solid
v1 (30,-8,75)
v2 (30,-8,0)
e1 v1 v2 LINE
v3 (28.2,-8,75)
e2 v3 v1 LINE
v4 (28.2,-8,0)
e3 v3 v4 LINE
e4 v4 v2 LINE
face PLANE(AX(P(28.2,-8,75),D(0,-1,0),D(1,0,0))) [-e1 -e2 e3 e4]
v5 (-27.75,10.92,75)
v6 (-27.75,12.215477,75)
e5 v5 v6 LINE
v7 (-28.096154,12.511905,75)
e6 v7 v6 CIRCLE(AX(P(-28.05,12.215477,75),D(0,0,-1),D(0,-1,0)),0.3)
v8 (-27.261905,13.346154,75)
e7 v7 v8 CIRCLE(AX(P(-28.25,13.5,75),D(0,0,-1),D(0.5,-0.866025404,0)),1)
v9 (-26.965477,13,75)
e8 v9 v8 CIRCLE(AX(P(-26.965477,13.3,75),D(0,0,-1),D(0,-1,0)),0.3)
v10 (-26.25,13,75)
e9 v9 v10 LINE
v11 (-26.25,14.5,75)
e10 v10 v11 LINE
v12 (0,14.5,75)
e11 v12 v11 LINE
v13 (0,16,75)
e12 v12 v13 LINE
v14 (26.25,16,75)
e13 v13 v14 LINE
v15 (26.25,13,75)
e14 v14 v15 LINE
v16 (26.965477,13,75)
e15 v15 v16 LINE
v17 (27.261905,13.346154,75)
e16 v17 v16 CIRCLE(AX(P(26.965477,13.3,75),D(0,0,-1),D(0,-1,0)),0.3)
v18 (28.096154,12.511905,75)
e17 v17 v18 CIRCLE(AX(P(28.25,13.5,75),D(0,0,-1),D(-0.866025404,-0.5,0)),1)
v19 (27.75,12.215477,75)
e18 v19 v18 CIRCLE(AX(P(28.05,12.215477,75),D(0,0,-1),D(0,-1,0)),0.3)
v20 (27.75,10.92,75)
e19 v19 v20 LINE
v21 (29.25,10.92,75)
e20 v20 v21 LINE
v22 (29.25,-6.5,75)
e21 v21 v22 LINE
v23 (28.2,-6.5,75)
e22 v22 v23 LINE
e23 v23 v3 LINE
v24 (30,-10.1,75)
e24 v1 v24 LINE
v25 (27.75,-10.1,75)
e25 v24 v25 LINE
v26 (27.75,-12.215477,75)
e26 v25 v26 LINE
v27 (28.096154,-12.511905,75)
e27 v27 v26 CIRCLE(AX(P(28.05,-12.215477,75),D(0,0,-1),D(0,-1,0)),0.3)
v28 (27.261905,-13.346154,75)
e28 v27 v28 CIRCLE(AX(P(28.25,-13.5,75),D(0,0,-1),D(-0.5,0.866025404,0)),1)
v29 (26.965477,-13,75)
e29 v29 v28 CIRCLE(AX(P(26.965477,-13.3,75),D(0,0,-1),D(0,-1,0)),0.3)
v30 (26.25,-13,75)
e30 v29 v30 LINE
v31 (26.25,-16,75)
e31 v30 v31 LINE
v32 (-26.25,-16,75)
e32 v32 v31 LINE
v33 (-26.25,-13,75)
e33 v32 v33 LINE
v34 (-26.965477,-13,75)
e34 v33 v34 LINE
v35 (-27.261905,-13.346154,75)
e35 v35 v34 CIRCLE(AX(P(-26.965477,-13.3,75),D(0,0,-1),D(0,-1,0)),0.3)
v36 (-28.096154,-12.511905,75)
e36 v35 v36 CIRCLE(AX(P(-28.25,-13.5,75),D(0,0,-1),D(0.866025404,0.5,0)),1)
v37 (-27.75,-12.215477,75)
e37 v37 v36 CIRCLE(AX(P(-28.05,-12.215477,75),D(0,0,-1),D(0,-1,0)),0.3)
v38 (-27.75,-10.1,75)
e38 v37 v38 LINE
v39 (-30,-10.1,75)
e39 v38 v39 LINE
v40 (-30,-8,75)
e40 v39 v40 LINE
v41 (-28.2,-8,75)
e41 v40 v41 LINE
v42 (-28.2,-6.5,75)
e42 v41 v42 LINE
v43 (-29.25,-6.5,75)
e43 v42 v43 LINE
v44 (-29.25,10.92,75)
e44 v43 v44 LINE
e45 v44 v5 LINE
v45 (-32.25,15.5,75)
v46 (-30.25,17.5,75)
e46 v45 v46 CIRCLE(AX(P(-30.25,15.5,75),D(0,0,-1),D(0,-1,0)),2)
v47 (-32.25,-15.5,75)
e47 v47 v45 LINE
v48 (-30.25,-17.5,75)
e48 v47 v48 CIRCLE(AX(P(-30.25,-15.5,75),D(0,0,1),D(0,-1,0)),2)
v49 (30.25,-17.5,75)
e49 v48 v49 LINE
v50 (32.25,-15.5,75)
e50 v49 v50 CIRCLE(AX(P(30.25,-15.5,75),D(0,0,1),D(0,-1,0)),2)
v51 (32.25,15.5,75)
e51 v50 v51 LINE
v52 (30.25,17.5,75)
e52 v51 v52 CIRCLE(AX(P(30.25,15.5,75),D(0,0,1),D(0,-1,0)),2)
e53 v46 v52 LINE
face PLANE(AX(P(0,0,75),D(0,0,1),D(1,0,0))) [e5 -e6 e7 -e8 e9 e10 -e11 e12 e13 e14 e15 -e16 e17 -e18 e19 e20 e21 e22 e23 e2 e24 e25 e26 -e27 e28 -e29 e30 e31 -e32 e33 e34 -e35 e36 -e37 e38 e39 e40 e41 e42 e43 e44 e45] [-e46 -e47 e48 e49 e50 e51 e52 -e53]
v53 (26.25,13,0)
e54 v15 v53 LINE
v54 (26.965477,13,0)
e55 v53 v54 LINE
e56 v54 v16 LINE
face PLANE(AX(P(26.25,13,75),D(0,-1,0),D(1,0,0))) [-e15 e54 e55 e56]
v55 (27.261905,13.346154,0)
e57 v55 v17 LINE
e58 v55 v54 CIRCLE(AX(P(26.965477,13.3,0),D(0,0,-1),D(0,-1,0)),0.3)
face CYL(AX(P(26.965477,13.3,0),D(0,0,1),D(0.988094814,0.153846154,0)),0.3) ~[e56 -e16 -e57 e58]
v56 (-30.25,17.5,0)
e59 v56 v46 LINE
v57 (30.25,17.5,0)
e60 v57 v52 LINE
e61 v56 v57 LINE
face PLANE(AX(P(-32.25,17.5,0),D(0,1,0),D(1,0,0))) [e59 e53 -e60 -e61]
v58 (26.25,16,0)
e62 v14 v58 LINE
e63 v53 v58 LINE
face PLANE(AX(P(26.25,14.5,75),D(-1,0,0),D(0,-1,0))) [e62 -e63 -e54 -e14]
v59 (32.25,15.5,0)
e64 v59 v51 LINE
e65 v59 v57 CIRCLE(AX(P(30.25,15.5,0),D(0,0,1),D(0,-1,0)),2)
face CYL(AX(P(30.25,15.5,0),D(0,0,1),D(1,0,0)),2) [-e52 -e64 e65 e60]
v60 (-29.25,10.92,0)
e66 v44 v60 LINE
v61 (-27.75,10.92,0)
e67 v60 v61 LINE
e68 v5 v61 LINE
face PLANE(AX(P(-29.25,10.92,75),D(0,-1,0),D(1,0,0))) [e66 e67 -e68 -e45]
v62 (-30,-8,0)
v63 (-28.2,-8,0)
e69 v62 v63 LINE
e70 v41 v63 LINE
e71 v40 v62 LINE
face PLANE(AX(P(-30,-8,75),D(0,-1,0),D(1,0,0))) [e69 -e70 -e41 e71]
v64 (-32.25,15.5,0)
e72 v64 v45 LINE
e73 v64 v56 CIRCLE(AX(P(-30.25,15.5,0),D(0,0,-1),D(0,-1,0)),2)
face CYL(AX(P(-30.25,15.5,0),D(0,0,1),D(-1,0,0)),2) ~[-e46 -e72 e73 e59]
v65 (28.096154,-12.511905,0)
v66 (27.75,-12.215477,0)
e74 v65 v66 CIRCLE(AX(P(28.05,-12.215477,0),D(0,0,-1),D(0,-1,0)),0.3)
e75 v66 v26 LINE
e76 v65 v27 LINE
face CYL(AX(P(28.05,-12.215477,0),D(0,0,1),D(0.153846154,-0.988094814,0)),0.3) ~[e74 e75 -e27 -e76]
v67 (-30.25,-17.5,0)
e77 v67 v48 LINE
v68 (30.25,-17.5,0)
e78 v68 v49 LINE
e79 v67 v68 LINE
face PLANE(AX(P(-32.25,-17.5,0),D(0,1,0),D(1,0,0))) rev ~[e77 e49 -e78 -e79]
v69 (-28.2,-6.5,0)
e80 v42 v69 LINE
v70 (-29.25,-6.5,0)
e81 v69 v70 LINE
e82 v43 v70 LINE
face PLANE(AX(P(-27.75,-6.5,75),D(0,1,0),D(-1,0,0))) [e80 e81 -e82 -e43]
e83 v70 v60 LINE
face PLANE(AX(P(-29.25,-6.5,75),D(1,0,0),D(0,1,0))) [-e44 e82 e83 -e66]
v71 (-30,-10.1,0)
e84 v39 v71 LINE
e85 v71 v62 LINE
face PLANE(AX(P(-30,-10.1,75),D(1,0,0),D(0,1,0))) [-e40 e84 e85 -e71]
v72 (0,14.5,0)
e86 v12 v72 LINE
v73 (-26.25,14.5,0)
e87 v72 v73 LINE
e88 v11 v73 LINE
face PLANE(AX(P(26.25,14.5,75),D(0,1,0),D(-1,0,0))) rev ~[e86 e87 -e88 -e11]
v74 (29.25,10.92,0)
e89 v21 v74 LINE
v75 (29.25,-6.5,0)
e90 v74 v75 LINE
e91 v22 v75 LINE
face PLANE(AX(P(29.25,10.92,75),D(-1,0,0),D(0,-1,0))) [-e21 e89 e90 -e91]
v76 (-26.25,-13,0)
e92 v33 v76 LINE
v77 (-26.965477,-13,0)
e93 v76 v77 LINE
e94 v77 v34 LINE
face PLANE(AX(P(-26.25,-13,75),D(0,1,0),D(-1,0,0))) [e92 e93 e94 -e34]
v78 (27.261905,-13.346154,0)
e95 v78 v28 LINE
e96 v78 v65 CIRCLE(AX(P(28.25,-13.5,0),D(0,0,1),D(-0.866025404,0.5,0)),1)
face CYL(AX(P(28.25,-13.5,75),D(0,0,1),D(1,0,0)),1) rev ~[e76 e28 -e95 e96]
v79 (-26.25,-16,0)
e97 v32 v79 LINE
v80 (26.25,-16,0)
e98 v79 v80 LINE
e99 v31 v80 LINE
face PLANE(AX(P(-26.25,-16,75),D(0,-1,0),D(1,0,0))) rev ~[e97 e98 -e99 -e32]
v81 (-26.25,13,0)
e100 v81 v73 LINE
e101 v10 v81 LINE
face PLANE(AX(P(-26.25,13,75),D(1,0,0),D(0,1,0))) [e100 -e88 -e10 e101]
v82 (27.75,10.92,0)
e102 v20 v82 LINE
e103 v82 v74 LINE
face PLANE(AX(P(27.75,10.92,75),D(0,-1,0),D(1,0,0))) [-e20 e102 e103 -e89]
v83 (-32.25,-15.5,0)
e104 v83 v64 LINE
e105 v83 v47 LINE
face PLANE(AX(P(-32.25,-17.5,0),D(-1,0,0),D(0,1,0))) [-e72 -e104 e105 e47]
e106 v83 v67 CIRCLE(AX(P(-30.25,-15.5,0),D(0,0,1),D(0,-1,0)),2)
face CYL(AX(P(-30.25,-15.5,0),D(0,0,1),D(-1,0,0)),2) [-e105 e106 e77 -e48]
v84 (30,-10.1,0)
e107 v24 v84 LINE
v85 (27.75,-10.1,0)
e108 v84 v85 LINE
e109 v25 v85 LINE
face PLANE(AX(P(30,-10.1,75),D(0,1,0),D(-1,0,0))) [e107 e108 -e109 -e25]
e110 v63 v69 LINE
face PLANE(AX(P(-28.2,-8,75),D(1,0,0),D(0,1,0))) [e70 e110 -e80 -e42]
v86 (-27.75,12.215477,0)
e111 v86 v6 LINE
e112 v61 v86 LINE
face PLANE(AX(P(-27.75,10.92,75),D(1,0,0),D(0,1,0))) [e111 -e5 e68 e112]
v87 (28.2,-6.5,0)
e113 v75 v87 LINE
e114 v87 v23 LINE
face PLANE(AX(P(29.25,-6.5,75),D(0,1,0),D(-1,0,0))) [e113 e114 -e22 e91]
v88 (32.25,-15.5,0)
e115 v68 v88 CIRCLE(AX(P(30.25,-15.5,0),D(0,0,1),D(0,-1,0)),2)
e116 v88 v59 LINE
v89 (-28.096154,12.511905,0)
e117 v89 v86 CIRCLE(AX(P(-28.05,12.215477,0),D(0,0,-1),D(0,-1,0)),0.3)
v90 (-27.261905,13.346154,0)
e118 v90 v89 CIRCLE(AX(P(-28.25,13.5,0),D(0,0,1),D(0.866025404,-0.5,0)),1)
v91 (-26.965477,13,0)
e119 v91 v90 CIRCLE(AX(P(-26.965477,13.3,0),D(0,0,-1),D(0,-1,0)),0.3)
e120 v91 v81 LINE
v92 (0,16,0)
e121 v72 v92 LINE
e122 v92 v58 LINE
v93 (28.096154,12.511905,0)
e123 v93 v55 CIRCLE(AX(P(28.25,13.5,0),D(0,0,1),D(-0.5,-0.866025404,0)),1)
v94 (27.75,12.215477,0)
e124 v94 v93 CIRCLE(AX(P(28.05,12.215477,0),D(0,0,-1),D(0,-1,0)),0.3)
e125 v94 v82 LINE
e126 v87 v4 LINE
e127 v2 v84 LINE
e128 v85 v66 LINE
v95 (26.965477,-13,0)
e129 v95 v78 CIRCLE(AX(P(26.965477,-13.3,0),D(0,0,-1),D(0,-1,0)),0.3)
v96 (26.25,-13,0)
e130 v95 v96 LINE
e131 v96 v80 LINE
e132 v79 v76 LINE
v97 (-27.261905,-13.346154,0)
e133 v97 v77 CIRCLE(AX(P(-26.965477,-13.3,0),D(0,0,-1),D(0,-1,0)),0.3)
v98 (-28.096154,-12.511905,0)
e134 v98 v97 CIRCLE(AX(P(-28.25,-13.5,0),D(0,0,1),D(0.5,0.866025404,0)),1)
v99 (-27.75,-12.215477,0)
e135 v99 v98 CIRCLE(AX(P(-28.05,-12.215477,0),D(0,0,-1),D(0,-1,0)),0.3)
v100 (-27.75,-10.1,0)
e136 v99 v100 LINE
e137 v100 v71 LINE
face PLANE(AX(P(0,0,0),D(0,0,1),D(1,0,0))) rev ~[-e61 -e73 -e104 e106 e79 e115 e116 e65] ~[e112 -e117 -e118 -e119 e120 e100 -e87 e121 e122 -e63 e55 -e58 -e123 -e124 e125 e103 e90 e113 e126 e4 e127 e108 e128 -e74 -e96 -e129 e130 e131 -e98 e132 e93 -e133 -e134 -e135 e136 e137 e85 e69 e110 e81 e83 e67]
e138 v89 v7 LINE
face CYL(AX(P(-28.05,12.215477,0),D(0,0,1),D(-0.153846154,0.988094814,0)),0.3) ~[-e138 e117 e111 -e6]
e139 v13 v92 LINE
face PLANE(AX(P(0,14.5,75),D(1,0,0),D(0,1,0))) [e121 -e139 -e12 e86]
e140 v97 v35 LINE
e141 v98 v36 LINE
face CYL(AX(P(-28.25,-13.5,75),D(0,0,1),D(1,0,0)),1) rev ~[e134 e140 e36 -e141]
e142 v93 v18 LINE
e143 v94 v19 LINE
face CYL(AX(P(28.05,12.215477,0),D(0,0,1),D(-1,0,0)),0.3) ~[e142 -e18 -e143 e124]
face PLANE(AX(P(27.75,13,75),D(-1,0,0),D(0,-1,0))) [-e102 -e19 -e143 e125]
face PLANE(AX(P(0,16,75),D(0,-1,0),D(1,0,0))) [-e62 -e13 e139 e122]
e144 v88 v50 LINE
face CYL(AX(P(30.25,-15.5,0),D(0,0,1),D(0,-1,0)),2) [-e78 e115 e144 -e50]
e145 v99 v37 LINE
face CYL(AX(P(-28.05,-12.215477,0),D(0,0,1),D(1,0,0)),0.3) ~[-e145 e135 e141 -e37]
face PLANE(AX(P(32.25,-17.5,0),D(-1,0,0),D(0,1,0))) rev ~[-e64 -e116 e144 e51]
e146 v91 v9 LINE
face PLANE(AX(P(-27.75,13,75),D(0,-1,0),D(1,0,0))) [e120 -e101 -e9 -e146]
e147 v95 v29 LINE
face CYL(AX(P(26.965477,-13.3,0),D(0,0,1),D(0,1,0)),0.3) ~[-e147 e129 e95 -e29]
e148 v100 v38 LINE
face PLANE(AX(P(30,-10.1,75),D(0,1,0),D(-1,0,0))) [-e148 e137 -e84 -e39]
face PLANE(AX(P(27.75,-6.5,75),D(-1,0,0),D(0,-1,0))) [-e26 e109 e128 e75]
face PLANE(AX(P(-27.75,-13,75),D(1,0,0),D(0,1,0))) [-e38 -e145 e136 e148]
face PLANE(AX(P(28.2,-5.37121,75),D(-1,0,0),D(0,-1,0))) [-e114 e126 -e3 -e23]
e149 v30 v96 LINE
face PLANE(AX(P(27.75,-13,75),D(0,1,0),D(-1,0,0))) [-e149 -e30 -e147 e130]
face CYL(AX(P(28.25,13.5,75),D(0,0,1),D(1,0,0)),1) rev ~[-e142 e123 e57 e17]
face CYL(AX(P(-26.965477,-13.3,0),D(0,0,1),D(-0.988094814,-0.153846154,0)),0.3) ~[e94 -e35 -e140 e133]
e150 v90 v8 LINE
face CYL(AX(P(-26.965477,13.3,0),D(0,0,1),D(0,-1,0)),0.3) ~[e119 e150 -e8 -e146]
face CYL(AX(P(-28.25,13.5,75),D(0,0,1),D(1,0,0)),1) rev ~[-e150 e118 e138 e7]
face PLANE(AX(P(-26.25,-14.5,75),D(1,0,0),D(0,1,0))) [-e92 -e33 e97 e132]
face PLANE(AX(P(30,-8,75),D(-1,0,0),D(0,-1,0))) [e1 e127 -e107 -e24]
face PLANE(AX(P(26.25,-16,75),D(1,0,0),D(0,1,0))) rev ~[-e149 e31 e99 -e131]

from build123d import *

# Parameters (mm, degrees)
SKETCH1_W           = 64.5
SKETCH1_H           = 35
BOSS_EXTRUDE1_DEPTH = 75
FILLET1_R           = 2
SKETCH2_R           = 1
FIX_2_DEPTH         = 76
CUT_EXTRUDE2_DEPTH  = 75
CUT_EXTRUDE3_DEPTH  = 75
SKETCH5_W           = 26.25
SKETCH5_H           = 1.5
CUT_EXTRUDE4_DEPTH  = 75
FILLET2_R           = 0.3
SKETCH6_W           = 52.5
SKETCH6_H           = 1.5
BAS_DEPTH           = 76


with BuildPart() as part:
    # Sketch1 → Boss-Extrude1 (new body)
    with BuildSketch(Plane.XY):
        Rectangle(SKETCH1_W, SKETCH1_H)
    extrude(amount=BOSS_EXTRUDE1_DEPTH)

    # Fillet1
    fillet1_edges = [part.edges().sort_by_distance(p)[0] for p in [
        (32.25, -17.5, 37.5),
        (-32.25, -17.5, 37.5),
        (-32.25, 17.5, 37.5),
        (32.25, 17.5, 37.5),
    ]]
    fillet(fillet1_edges, radius=FILLET1_R)

    # Sketch2 → fix 2 (cut, through all)
    with BuildSketch(Plane.XY.offset(75)):
        with Locations((-28.25, 13.5)):
            Circle(SKETCH2_R)
        with Locations((-28.25, -13.5)):
            Circle(SKETCH2_R)
        with Locations((28.25, -13.5)):
            Circle(SKETCH2_R)
        with Locations((28.25, 13.5)):
            Circle(SKETCH2_R)
    extrude(amount=-FIX_2_DEPTH, mode=Mode.SUBTRACT)

    # Sketch3 → Cut-Extrude2 (cut)
    with BuildSketch(Plane.XY.offset(75)):
        Polygon((-27.75, 10.92), (-27.75, 13), (-26.25, 13), (-26.25, 14.5), (0, 14.5), (26.25, 14.5), (26.25, 13), (27.75, 13), (27.75, 10.92), (29.25, 10.92), (29.25, -6.5), (27.75, -6.5), (27.75, -13), (26.25, -13), (26.25, -14.5), (0, -14.5), (-26.25, -14.5), (-26.25, -13), (-27.75, -13), (-27.75, -6.5), (-29.25, -6.5), (-29.25, 10.92), align=None)
    extrude(amount=-CUT_EXTRUDE2_DEPTH, mode=Mode.SUBTRACT)

    # Sketch4 → Cut-Extrude3 (cut)
    with BuildSketch(Plane.XY.offset(75)):
        Polygon((-30, -8), (-28.2, -8), (-28.2, -4.99063684), (28.2, -5.371209777), (28.2, -8), (30, -8), (30, -10.1), (-30, -10.1), align=None)
    extrude(amount=-CUT_EXTRUDE3_DEPTH, mode=Mode.SUBTRACT)

    # Sketch5 → Cut-Extrude4 (cut)
    with BuildSketch(Plane.XY.offset(75)):
        with Locations((13.125, 15.25)):
            Rectangle(SKETCH5_W, SKETCH5_H)
    extrude(amount=-CUT_EXTRUDE4_DEPTH, mode=Mode.SUBTRACT)

    # Fillet2
    fillet2_edges = [part.edges().sort_by_distance(p)[0] for p in [
        (27.75, 12.633974596, 37.5),
        (27.383974596, 13, 37.5),
        (27.383974596, -13, 37.5),
        (27.75, -12.633974596, 37.5),
        (-27.75, -12.633974596, 37.5),
        (-27.383974596, -13, 37.5),
        (-27.383974596, 13, 37.5),
        (-27.75, 12.633974596, 37.5),
    ]]
    fillet(fillet2_edges, radius=FILLET2_R)

    # Sketch6 → bas (cut, through all)
    with BuildSketch(Plane.XY.offset(75)):
        with Locations((0, -15.25)):
            Rectangle(SKETCH6_W, SKETCH6_H)
    extrude(amount=-BAS_DEPTH, mode=Mode.SUBTRACT)


solid = part.part
